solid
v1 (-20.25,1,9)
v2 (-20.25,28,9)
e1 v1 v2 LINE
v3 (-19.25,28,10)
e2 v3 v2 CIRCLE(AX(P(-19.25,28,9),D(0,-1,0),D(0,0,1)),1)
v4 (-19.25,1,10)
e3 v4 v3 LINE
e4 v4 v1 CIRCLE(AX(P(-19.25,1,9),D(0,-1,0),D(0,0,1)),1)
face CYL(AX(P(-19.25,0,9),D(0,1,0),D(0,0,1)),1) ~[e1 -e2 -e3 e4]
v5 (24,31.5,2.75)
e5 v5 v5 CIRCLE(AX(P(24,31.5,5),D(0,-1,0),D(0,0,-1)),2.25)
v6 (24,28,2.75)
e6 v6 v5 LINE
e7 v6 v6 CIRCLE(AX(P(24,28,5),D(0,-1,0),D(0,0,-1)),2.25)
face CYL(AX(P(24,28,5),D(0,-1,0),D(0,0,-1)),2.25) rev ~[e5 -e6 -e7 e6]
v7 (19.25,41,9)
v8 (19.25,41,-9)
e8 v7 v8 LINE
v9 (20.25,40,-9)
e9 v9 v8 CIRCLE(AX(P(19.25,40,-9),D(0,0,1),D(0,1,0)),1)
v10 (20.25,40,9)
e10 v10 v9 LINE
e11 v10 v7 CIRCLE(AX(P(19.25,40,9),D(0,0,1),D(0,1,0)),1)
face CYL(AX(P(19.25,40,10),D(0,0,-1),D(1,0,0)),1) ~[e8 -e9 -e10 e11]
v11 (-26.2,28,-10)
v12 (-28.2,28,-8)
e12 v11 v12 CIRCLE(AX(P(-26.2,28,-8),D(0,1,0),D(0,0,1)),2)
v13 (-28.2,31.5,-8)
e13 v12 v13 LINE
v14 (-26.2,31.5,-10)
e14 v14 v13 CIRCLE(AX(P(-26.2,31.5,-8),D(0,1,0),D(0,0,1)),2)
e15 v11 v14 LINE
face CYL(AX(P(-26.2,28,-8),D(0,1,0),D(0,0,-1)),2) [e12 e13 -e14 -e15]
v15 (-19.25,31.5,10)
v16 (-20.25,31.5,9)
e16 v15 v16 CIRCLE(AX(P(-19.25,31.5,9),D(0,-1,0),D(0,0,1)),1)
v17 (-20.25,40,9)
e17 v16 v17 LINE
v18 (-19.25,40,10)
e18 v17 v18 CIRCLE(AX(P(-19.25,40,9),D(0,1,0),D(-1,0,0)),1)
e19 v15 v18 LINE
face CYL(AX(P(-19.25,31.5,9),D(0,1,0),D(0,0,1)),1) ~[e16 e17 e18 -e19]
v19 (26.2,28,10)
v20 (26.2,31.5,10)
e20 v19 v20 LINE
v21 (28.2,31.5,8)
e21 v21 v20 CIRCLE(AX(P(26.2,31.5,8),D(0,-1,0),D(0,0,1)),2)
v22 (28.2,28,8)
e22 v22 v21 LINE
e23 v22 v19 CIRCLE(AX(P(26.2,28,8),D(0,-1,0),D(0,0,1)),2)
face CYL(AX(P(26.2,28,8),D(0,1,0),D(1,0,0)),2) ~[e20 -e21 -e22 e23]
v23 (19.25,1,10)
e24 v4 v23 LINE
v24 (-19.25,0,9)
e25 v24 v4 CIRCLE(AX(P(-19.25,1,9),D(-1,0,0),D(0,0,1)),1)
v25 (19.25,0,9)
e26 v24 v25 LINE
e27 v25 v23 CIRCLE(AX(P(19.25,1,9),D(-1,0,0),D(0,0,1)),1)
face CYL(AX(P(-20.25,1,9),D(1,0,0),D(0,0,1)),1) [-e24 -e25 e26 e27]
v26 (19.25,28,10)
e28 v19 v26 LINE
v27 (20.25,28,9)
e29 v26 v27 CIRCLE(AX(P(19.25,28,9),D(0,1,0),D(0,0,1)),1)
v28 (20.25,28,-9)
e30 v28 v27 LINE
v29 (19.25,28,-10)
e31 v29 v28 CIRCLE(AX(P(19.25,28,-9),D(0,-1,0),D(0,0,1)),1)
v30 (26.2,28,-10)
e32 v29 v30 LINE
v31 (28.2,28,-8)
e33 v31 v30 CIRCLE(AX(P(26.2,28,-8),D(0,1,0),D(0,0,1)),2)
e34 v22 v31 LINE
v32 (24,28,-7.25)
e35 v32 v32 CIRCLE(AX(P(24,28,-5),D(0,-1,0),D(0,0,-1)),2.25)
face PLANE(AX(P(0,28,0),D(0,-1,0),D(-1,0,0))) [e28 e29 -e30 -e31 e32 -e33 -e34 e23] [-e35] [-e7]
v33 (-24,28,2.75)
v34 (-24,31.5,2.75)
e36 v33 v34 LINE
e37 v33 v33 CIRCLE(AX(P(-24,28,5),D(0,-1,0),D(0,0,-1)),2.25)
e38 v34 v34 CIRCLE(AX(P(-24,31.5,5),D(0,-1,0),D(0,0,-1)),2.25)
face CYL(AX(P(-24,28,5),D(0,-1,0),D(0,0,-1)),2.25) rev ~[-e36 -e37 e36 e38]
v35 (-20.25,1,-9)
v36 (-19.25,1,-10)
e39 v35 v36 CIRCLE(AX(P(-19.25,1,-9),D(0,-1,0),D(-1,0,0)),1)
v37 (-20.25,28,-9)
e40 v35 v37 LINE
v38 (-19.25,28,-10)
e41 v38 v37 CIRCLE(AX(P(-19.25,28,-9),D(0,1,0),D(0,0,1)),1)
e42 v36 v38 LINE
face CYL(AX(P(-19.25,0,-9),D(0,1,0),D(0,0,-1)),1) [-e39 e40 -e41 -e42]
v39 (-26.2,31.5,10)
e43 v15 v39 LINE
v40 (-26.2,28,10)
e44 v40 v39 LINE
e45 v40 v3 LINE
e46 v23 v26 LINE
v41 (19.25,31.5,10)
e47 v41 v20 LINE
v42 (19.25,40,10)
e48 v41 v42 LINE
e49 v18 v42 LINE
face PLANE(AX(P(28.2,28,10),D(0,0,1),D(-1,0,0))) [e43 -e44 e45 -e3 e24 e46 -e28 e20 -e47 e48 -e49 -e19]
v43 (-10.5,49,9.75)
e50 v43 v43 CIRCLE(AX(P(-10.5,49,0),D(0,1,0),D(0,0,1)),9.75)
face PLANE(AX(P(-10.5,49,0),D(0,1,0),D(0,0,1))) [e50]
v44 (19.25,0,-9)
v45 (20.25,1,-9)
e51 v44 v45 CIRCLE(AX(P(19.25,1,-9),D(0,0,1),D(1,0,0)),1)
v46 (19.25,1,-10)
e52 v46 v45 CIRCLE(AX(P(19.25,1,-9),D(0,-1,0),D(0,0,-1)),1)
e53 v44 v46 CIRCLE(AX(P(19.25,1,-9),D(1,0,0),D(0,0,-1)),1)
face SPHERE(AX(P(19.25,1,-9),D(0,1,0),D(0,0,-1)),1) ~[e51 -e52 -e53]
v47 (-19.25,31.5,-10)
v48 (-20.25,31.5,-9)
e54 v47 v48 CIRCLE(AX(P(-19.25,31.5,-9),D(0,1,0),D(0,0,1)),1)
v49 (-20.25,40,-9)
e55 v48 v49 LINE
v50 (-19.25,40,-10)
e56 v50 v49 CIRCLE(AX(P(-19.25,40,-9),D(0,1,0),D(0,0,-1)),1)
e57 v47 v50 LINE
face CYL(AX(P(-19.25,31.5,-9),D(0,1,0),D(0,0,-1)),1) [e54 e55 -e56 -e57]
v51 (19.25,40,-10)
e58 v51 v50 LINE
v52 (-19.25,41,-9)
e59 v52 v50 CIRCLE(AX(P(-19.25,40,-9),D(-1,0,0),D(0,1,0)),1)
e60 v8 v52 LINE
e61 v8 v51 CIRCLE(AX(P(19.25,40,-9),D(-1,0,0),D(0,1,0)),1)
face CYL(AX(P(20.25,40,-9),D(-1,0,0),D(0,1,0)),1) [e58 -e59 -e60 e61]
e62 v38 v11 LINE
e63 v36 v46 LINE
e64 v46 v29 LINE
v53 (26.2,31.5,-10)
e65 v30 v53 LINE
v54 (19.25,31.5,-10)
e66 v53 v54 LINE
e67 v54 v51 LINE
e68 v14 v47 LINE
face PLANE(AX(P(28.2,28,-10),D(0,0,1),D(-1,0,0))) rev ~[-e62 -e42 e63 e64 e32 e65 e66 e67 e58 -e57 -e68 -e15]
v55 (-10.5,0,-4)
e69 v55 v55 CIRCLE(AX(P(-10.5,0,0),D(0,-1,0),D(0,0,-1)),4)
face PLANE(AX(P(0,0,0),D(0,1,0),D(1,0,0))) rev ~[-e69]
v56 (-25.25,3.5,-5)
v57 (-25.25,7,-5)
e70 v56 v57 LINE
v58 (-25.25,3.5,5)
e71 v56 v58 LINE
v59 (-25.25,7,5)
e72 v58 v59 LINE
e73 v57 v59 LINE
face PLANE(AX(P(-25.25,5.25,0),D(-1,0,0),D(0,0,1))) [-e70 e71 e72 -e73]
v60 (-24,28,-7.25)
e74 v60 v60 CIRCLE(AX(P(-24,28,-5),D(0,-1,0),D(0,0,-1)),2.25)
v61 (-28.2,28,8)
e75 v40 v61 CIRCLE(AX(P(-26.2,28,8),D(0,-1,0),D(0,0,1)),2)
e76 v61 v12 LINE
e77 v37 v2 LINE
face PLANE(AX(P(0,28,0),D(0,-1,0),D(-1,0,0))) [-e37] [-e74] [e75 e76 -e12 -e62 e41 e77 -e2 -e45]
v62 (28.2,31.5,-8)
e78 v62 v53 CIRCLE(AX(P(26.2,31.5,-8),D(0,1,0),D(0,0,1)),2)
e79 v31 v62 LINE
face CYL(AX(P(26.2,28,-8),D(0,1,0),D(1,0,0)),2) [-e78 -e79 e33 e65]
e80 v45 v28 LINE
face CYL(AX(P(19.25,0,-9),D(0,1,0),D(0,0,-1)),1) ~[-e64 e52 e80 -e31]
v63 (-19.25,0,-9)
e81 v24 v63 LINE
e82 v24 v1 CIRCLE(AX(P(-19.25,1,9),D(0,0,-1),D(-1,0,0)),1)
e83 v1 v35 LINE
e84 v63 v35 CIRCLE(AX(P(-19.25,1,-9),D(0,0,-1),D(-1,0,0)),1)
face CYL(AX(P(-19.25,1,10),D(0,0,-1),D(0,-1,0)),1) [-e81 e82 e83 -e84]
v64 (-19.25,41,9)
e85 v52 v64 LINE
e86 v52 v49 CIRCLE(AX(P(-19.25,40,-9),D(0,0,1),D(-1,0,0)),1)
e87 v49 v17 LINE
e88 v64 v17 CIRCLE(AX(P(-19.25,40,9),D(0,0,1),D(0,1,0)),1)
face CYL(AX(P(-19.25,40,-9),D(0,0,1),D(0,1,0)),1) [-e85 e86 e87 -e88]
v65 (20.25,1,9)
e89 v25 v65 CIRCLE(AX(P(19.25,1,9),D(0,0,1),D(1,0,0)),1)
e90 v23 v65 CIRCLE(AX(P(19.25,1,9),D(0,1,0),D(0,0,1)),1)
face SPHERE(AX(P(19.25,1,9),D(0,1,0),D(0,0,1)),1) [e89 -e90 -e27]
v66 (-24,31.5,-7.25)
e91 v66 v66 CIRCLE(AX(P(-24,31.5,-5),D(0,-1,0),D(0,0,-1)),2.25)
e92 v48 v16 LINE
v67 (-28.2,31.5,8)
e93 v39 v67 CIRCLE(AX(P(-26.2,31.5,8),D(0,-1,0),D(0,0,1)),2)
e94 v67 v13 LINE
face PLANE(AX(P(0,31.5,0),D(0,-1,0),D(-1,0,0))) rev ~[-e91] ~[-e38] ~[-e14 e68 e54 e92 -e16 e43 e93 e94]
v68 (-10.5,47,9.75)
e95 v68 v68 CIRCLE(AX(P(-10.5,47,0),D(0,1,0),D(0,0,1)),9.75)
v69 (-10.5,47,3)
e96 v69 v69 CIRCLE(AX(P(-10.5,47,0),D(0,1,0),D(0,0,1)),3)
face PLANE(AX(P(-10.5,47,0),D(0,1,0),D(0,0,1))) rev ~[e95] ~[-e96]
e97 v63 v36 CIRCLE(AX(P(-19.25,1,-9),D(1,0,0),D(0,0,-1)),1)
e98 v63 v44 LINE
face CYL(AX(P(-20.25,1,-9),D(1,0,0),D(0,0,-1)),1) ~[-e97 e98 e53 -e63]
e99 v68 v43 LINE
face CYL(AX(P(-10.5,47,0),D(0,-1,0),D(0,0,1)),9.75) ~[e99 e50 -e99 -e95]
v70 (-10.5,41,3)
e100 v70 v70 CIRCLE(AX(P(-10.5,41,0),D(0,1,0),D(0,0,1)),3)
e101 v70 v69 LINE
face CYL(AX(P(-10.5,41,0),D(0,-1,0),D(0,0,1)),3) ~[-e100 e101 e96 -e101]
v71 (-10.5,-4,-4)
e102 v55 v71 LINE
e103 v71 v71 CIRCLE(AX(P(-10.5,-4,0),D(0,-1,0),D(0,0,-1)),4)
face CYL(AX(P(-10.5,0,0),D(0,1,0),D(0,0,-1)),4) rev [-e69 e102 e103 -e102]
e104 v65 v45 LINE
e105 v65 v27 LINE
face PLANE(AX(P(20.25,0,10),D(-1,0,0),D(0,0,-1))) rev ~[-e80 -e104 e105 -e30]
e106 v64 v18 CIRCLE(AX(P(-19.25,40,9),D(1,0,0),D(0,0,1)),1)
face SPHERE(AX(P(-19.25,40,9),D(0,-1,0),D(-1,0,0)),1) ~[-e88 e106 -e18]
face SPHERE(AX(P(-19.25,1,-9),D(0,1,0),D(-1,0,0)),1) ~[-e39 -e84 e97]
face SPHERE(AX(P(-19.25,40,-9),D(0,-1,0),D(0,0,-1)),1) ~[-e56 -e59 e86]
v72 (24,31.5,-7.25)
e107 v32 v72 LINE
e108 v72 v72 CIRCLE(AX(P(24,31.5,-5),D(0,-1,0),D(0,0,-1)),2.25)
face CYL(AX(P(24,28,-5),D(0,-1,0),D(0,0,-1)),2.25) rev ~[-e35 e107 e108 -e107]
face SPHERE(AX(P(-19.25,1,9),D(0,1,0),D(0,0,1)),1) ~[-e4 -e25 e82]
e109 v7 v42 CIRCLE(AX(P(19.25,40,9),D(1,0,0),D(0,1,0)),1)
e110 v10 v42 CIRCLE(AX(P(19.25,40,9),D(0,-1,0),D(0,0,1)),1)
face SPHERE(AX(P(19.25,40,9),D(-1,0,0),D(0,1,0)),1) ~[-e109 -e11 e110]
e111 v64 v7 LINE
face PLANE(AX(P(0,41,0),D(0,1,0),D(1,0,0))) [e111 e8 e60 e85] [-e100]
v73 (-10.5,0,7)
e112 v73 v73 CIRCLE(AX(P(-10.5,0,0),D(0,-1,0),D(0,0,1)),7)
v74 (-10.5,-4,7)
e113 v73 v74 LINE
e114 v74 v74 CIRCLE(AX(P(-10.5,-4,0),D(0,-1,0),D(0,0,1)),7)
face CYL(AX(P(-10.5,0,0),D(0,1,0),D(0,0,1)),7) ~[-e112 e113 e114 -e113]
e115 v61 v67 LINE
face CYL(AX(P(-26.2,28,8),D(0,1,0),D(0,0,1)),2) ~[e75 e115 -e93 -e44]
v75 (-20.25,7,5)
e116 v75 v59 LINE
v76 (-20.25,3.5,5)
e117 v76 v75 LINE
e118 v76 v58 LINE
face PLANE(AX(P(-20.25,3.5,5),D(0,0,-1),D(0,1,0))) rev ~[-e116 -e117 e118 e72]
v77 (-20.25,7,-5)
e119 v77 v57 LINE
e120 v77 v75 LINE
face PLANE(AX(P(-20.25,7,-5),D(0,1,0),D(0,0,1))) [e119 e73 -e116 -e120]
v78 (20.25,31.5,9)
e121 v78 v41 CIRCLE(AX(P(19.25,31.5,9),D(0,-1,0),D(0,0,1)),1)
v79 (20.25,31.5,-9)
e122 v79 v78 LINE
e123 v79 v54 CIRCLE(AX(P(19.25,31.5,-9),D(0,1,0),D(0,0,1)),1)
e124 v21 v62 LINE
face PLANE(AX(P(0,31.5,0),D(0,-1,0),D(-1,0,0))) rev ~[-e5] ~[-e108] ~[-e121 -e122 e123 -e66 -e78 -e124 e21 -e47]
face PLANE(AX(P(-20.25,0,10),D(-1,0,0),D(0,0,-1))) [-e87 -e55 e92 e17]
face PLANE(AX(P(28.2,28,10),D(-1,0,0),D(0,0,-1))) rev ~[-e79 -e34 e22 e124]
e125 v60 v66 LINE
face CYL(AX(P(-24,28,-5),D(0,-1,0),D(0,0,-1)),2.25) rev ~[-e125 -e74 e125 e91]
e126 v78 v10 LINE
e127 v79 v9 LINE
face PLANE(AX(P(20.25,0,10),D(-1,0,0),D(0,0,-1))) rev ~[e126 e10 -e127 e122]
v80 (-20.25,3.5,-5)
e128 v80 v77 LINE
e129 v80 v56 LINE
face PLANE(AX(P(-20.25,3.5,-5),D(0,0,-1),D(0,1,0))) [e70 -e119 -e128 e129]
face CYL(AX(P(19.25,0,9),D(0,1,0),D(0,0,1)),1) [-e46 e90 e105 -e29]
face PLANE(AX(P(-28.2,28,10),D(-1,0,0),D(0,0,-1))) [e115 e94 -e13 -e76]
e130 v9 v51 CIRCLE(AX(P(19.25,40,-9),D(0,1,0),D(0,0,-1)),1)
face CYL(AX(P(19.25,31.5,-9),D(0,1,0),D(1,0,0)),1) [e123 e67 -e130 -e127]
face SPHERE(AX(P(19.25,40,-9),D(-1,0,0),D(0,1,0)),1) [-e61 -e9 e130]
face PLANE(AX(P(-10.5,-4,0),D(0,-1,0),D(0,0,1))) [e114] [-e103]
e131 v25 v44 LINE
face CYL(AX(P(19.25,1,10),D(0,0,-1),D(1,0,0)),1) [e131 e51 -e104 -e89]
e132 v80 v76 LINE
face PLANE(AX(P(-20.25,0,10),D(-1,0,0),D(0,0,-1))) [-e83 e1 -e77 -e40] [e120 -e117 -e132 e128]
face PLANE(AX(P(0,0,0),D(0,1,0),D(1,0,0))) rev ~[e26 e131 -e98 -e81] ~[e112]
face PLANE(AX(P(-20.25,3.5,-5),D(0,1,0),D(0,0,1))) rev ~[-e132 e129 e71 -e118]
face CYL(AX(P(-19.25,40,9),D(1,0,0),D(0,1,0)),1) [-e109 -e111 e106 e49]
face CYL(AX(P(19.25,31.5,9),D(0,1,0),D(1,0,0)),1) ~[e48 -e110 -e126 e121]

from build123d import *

# Parameters (mm, degrees)
SKETCH1_W           = 40.5
SKETCH1_H           = 20
BOSS_EXTRUDE1_DEPTH = 41
SKETCH2_W           = 56.4
SKETCH2_H           = 20
SKETCH2_R           = 2.25
BOSS_EXTRUDE2_DEPTH = 3.5
SKETCH3_R           = 3
BOSS_EXTRUDE3_DEPTH = 6
SKETCH4_W           = 10
SKETCH4_H           = 3.5
BOSS_EXTRUDE4_DEPTH = 5
FILLET1_R           = 2
FILLET2_R           = 1
FILLET3_R           = 1
SKETCH5_R           = 9.75
BOSS_EXTRUDE5_DEPTH = 2
SKETCH6_R           = 7
SKETCH6_R_2         = 4
BOSS_EXTRUDE6_DEPTH = 4


with BuildPart() as part:
    # Sketch1 → Boss-Extrude1 (new body)
    with BuildSketch(Plane(origin=(0, 0, 0), x_dir=(1, 0, 0), z_dir=(0, 1, 0))):
        Rectangle(SKETCH1_W, SKETCH1_H)
    extrude(amount=BOSS_EXTRUDE1_DEPTH)

    # Sketch2 → Boss-Extrude2 (add)
    with BuildSketch(Plane(origin=(0, 28, 0), x_dir=(-1, 0, 0), z_dir=(0, -1, 0))):
        Rectangle(SKETCH2_W, SKETCH2_H)
        with Locations(Location((-24, 5, 0), (0, 0, 90))):
            Circle(SKETCH2_R, mode=Mode.SUBTRACT)
        with Locations(Location((24, 5, 0), (0, 0, 90))):
            Circle(SKETCH2_R, mode=Mode.SUBTRACT)
        with Locations(Location((24, -5, 0), (0, 0, 90))):
            Circle(SKETCH2_R, mode=Mode.SUBTRACT)
        with Locations(Location((-24, -5, 0), (0, 0, 90))):
            Circle(SKETCH2_R, mode=Mode.SUBTRACT)
    extrude(amount=-BOSS_EXTRUDE2_DEPTH)

    # Sketch3 → Boss-Extrude3 (add)
    with BuildSketch(Plane(origin=(0, 41, 0), x_dir=(1, 0, 0), z_dir=(0, 1, 0))):
        with Locations(Location((-10.5, 0, 0), (0, 0, 270))):
            Circle(SKETCH3_R)
    extrude(amount=BOSS_EXTRUDE3_DEPTH)

    # Sketch4 → Boss-Extrude4 (add)
    with BuildSketch(Plane.ZY.offset(20.25)):
        with Locations((0, 5.25)):
            Rectangle(SKETCH4_W, SKETCH4_H)
    extrude(amount=BOSS_EXTRUDE4_DEPTH)

    # Fillet1
    fillet1_edges = [part.edges().sort_by_distance(p)[0] for p in [
        (28.2, 29.75, -10),
        (-28.2, 29.75, 10),
        (28.2, 29.75, 10),
        (-28.2, 29.75, -10),
    ]]
    fillet(fillet1_edges, radius=FILLET1_R)

    # Fillet2
    fillet2_edges = [part.edges().sort_by_distance(p)[0] for p in [
        (20.25, 14, 10),
        (-20.25, 14, 10),
        (-20.25, 14, -10),
        (20.25, 14, -10),
        (0, 0, 10),
        (-20.25, 0, 0),
        (0, 0, -10),
        (20.25, 0, 0),
        (-20.25, 36.25, 10),
        (-20.25, 36.25, -10),
    ]]
    fillet(fillet2_edges, radius=FILLET2_R)

    # Fillet3
    fillet3_edges = [part.edges().sort_by_distance(p)[0] for p in [
        (0.5, 41, 10),
        (-20.25, 41, 0),
        (-19.957106781, 41, 9.707106781),
        (-19.957106781, 41, -9.707106781),
        (20.25, 41, 0),
        (20.25, 36.25, 10),
        (20.25, 36.25, -10),
        (0.5, 41, -10),
    ]]
    fillet(fillet3_edges, radius=FILLET3_R)

    # Sketch5 → Boss-Extrude5 (add)
    with BuildSketch(Plane(origin=(0, 47, 0), x_dir=(1, 0, 0), z_dir=(0, 1, 0))):
        with Locations(Location((-10.5, 0, 0), (0, 0, 270))):
            Circle(SKETCH5_R)
    extrude(amount=BOSS_EXTRUDE5_DEPTH)

    # Sketch6 → Boss-Extrude6 (add)
    with BuildSketch(Plane.XZ):
        with Locations(Location((-10.5, 0, 0), (0, 0, 90))):
            Circle(SKETCH6_R)
        with Locations(Location((-10.5, 0, 0), (0, 0, 270))):
            Circle(SKETCH6_R_2, mode=Mode.SUBTRACT)
    extrude(amount=BOSS_EXTRUDE6_DEPTH)


solid = part.part
